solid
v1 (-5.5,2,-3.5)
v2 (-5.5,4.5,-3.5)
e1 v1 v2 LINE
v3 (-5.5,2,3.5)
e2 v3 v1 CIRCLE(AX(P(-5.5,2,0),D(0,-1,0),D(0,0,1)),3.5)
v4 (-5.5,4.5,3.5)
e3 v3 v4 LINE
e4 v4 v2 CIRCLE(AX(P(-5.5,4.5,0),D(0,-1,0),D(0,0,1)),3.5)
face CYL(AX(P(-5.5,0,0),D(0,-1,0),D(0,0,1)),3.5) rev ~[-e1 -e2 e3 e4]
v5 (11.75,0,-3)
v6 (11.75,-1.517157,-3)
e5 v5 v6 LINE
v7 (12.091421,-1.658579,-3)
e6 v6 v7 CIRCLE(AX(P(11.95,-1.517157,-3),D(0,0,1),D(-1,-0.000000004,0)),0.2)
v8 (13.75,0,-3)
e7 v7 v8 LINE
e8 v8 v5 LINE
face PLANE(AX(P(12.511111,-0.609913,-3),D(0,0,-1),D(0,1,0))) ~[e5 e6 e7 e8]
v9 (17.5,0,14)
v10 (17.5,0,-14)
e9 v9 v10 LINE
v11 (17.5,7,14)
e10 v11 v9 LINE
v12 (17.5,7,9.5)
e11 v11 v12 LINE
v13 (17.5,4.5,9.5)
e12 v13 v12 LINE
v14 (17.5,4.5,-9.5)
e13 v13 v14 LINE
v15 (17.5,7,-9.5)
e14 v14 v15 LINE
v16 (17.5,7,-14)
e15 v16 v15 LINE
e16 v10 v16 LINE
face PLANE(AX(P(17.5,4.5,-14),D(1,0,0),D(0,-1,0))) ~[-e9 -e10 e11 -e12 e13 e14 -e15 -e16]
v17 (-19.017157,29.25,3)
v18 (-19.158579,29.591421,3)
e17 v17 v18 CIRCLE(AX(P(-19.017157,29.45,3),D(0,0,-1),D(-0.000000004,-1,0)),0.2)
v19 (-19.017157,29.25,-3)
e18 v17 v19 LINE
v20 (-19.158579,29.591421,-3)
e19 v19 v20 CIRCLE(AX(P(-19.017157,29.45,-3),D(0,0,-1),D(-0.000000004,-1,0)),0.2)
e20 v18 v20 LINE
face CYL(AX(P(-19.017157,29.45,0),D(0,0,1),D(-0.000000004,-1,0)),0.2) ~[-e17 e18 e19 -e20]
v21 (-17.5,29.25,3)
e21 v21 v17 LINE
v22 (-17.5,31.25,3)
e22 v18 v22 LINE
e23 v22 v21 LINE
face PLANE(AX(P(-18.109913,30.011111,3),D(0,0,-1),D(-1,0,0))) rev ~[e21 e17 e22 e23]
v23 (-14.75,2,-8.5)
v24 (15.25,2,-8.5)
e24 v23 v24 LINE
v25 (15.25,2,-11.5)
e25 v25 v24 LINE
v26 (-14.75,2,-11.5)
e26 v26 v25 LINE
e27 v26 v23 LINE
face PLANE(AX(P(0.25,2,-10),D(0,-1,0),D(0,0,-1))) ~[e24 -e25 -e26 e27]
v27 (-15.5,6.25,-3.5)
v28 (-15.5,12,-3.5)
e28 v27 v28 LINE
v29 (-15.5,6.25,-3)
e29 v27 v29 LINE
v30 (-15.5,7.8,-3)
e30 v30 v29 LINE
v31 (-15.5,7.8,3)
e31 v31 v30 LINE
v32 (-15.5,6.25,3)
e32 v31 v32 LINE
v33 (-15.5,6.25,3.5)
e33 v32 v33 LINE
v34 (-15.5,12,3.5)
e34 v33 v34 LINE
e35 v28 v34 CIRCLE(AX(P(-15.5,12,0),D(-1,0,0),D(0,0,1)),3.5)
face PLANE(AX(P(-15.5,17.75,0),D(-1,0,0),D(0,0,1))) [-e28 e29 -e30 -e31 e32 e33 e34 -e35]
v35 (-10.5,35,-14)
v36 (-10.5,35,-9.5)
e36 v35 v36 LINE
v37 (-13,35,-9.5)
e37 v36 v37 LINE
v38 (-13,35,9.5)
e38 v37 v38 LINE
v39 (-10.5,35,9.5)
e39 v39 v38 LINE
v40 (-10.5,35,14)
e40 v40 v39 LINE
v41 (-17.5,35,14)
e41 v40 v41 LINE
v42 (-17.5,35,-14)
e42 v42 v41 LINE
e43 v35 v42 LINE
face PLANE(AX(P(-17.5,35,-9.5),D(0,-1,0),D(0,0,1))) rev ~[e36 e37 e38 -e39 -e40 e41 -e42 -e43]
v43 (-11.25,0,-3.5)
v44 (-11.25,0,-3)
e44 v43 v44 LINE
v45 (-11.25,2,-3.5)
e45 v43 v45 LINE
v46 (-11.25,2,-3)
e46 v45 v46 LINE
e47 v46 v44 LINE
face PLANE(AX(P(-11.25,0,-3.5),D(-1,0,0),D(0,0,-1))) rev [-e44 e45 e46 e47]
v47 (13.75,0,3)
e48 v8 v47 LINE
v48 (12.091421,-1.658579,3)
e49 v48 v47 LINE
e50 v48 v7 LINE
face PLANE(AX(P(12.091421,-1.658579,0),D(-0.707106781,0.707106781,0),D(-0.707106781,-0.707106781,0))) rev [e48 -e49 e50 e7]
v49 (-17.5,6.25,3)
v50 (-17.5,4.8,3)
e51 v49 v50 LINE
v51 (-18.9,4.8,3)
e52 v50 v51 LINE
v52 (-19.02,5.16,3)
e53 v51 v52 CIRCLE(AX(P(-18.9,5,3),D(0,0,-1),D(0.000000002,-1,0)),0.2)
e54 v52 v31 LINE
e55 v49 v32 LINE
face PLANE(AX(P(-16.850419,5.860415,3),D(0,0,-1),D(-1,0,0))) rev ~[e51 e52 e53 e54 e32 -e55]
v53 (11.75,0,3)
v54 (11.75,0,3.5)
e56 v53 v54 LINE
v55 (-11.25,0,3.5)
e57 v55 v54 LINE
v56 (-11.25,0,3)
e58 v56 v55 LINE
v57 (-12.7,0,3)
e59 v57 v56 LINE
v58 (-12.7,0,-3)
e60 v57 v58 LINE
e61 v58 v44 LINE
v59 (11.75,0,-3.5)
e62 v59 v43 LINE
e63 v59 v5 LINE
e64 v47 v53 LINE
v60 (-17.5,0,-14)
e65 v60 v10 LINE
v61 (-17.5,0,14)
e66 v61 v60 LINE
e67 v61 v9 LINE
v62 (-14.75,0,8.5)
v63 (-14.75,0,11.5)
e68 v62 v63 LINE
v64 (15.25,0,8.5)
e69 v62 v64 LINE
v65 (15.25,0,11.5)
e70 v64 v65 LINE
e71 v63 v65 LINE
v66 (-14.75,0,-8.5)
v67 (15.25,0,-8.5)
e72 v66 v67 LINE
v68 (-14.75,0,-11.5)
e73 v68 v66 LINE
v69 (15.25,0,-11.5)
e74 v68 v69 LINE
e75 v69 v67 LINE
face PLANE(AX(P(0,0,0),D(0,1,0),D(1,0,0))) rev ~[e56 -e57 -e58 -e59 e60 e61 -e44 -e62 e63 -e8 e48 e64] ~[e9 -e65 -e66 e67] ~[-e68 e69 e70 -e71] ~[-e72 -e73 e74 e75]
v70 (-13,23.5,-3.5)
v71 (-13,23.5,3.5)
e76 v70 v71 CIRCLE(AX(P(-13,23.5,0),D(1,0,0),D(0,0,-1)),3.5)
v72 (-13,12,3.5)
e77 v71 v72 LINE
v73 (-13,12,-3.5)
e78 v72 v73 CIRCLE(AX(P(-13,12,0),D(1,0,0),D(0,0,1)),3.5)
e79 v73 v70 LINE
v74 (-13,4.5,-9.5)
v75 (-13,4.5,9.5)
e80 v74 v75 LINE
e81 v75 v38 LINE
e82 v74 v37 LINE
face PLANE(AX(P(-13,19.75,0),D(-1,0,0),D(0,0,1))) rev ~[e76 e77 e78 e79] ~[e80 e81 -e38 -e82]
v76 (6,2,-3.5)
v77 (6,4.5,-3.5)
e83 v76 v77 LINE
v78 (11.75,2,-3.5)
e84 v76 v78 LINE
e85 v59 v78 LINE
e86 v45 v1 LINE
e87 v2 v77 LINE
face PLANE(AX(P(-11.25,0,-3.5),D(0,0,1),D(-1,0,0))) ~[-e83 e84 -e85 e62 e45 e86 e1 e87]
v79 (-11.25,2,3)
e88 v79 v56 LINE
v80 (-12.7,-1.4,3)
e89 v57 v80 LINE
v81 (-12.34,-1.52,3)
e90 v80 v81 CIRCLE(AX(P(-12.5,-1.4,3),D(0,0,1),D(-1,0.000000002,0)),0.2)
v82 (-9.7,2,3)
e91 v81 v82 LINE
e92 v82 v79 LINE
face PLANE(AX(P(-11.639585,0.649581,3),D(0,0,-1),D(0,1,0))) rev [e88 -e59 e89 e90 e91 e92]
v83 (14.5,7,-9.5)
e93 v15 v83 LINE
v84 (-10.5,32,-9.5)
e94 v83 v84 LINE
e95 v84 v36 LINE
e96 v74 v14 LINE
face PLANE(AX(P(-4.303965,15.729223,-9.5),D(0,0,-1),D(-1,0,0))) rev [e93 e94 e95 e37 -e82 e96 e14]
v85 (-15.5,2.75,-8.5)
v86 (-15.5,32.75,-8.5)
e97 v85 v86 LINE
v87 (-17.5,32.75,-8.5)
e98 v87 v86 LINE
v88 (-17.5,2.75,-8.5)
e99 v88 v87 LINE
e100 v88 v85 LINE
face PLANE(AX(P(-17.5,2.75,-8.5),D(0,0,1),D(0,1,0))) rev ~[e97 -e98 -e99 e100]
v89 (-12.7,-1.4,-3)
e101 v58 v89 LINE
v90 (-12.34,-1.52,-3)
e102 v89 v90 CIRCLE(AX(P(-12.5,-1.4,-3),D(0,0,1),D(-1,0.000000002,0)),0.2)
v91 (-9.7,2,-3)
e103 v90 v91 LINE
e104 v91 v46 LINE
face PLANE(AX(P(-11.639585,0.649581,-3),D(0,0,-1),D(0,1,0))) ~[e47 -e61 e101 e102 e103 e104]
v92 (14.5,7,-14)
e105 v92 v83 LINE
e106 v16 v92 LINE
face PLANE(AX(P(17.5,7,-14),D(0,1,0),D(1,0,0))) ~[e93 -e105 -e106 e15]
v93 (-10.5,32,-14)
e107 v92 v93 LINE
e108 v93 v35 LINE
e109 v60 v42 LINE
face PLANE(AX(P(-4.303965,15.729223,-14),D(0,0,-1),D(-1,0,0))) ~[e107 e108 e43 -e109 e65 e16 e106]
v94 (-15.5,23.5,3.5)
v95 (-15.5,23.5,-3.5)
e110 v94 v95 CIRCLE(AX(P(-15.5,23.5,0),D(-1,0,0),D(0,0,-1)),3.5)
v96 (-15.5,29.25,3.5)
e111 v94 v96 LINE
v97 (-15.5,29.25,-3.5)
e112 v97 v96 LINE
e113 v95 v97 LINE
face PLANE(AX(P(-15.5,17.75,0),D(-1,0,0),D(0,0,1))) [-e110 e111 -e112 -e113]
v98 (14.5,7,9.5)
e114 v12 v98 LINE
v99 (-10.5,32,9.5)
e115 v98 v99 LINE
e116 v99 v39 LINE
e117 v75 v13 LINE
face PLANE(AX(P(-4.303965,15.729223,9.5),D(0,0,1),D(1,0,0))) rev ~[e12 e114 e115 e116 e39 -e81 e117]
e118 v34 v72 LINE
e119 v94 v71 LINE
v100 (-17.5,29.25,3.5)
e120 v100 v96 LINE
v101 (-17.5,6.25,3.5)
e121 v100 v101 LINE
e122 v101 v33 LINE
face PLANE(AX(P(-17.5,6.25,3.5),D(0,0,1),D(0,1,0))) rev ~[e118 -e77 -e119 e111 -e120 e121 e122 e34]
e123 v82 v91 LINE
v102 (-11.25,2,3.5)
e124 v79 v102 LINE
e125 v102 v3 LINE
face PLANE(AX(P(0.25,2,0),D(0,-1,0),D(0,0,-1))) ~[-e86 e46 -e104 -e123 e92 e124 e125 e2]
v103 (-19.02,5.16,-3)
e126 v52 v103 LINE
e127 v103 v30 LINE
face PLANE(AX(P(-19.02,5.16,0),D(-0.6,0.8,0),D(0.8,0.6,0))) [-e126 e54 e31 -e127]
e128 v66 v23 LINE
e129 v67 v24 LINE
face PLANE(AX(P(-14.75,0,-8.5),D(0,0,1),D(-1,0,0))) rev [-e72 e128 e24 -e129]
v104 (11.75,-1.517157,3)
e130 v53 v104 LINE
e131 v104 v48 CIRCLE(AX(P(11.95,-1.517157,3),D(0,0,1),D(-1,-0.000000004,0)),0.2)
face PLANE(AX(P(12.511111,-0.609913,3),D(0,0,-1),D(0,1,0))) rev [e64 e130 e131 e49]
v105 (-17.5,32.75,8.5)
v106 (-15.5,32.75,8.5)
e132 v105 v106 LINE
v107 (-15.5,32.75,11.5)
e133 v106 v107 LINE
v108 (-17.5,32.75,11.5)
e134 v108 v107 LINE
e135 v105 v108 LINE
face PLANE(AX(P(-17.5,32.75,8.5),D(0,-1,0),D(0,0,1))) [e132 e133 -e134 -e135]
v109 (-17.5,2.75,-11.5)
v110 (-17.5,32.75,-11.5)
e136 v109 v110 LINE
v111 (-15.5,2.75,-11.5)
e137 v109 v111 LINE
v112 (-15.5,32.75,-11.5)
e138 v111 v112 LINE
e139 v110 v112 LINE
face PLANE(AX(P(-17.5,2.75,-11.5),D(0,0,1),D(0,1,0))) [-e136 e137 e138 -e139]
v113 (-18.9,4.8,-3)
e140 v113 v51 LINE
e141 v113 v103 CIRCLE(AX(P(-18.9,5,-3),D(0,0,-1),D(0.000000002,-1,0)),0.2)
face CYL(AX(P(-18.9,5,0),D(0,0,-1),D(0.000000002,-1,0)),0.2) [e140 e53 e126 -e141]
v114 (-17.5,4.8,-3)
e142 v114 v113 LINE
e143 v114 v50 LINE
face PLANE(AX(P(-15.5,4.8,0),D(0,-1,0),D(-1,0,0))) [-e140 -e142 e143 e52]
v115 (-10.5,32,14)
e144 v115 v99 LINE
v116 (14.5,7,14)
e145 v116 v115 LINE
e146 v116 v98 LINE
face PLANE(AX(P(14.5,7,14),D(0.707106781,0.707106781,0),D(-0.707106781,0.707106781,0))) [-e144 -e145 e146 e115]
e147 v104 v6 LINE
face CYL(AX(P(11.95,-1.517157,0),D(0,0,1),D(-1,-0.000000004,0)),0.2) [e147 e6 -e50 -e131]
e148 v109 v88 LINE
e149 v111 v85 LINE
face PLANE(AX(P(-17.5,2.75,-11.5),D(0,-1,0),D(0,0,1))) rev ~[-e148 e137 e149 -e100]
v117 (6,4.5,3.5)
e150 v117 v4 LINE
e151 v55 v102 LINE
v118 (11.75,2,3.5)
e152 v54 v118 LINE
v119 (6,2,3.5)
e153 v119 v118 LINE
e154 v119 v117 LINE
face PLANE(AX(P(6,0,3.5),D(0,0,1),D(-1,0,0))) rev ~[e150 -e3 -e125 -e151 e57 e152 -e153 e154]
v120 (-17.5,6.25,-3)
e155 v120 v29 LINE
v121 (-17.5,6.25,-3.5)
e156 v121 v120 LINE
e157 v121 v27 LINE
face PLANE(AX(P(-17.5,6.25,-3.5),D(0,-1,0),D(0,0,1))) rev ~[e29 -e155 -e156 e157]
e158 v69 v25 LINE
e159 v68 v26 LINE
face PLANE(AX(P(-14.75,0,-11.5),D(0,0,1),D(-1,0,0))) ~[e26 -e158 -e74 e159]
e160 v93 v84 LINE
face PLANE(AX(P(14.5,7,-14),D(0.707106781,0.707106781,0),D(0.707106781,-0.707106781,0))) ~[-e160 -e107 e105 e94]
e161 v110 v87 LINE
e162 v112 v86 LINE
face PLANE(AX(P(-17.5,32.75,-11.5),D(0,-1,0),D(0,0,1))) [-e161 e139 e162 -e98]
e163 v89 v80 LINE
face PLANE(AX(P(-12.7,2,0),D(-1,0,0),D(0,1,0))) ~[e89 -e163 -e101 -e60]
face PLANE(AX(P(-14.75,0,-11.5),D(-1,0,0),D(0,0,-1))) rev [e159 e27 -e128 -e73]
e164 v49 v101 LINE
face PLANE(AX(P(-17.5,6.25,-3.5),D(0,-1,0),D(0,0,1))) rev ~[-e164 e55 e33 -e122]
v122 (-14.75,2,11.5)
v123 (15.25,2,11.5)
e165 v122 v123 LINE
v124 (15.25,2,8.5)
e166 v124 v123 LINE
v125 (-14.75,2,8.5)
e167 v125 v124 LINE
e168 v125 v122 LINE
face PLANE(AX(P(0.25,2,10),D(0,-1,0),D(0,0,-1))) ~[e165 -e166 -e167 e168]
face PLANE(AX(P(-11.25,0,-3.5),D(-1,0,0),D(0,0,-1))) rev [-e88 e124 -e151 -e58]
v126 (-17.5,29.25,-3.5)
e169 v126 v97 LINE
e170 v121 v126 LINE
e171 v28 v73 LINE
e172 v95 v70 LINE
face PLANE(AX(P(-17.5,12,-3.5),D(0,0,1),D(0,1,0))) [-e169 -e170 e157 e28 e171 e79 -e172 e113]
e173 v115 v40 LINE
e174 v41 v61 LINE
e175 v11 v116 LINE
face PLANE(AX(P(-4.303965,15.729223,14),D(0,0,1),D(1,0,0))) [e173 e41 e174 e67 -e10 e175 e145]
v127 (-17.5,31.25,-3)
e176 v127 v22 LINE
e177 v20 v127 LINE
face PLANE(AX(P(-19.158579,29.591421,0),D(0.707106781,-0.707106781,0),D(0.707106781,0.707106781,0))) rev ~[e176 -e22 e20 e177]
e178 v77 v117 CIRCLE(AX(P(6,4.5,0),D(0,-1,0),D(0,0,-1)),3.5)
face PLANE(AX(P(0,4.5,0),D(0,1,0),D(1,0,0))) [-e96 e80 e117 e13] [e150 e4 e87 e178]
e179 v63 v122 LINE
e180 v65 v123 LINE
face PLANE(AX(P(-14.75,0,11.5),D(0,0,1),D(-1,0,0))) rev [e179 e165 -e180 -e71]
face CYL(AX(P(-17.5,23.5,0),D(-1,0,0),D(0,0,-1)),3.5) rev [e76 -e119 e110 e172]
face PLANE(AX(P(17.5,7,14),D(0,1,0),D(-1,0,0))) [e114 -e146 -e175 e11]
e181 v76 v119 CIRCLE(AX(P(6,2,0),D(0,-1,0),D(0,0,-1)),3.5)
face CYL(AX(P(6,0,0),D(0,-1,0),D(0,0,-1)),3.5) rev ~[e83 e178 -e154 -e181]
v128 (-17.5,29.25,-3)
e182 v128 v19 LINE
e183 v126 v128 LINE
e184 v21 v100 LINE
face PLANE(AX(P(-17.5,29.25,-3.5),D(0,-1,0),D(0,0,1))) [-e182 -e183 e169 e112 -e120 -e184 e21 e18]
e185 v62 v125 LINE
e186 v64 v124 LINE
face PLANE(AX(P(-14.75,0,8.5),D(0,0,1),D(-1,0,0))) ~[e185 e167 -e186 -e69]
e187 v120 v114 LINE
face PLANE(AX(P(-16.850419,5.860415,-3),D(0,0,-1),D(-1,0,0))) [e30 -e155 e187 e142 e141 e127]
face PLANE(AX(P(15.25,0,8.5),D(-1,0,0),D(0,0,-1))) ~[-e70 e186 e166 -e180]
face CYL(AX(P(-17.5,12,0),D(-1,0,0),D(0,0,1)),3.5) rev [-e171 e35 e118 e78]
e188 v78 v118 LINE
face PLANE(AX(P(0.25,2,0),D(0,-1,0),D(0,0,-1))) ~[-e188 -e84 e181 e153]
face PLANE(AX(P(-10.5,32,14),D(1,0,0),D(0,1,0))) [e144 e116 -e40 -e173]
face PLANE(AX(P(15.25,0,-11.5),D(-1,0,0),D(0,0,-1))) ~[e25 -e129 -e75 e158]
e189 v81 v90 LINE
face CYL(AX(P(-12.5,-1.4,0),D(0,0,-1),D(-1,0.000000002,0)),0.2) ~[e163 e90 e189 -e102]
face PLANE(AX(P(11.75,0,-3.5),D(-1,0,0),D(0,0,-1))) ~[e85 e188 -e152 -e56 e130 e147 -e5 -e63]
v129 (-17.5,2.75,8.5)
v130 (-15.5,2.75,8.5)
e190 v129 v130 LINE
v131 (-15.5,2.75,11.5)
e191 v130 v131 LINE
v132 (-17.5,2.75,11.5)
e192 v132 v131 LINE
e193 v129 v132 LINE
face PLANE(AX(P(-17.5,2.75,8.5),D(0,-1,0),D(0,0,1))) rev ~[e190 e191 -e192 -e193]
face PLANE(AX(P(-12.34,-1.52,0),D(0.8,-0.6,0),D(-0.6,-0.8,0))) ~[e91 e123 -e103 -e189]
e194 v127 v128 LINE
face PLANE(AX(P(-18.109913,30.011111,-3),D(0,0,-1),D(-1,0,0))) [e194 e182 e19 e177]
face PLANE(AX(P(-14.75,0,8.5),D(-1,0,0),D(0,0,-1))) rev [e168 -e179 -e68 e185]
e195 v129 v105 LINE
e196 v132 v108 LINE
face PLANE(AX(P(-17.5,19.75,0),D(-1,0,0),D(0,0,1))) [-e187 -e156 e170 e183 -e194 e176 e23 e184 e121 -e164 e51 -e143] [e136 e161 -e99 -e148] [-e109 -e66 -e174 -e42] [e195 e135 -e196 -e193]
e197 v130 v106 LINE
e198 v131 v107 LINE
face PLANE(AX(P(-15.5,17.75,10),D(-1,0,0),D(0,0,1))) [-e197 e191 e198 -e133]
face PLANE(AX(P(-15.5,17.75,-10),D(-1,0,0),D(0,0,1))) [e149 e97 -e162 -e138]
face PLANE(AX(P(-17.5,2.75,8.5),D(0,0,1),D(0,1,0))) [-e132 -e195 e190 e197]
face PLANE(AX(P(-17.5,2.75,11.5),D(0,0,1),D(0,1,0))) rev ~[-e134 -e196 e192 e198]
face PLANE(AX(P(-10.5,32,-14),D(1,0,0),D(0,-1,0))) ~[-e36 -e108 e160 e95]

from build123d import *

# Parameters (mm, degrees)
SKETCH1_W           = 35
SKETCH1_H           = 28
BOSS_EXTRUDE1_DEPTH = 4.5
BOSS_EXTRUDE2_DEPTH = 4.5
SKETCH3_W           = 19
SKETCH3_H           = 30.5
BOSS_EXTRUDE3_DEPTH = 4.5
CUT_EXTRUDE1_DEPTH  = 4.5
SKETCH5_W           = 7
SKETCH5_H           = 23
SKETCH5_W_2         = 3
SKETCH5_H_2         = 30
CUT_EXTRUDE2_DEPTH  = 2
BOSS_EXTRUDE4_DEPTH = 3


with BuildPart() as part:
    # Sketch1 → Boss-Extrude1 (new body)
    with BuildSketch(Plane(origin=(0, 0, 0), x_dir=(1, 0, 0), z_dir=(0, 1, 0))):
        Rectangle(SKETCH1_W, SKETCH1_H)
        with BuildLine():
            Line((-5.5, 3.5), (6, 3.5))
            ThreePointArc((6, 3.5), (9.5, 0), (6, -3.5))
            Line((6, -3.5), (-5.5, -3.5))
            ThreePointArc((-5.5, -3.5), (-9, 0), (-5.5, 3.5))
        make_face(mode=Mode.SUBTRACT)
    extrude(amount=BOSS_EXTRUDE1_DEPTH)

    # Sketch2 → Boss-Extrude2 (add)
    with BuildSketch(Plane.XY.offset(14)):
        Polygon((17.5, 4.5), (17.5, 7), (14.5, 7), (-10.5, 32), (-10.5, 35), (-17.5, 35), (-17.5, 4.5), align=None)
    boss_extrude2 = extrude(amount=-BOSS_EXTRUDE2_DEPTH)

    # Mirror1: Boss-Extrude2 across plane
    add(boss_extrude2.mirror(Plane.XY))

    # Sketch3 → Boss-Extrude3 (add)
    with BuildSketch(Plane.ZY.offset(17.5)):
        with Locations((0, 19.75)):
            Rectangle(SKETCH3_W, SKETCH3_H)
    extrude(amount=-BOSS_EXTRUDE3_DEPTH)

    # Sketch4 → Cut-Extrude1 (cut)
    with BuildSketch(Plane.ZY.offset(17.5)):
        with BuildLine():
            Line((3.5, 23.5), (3.5, 12))
            ThreePointArc((3.5, 12), (0, 8.5), (-3.5, 12))
            Line((-3.5, 12), (-3.5, 23.5))
            ThreePointArc((-3.5, 23.5), (0, 27), (3.5, 23.5))
        make_face()
    cut_extrude1 = extrude(amount=-CUT_EXTRUDE1_DEPTH, mode=Mode.SUBTRACT)

    # Sketch5 → Cut-Extrude2 (cut)
    with BuildSketch(Plane.ZY.offset(17.5)):
        with Locations((0, 17.75)):
            Rectangle(SKETCH5_W, SKETCH5_H)
        with Locations((-10, 17.75)):
            Rectangle(SKETCH5_W_2, SKETCH5_H_2)
        with Locations((10, 17.75)):
            Rectangle(SKETCH5_W_2, SKETCH5_H_2)
    cut_extrude2 = extrude(amount=-CUT_EXTRUDE2_DEPTH, mode=Mode.SUBTRACT)

    # Sketch6 → Boss-Extrude4 (add, symmetric)
    with BuildSketch(Plane.XY):
        with BuildLine():
            Line((-17.5, 4.8), (-18.9, 4.8))
            ThreePointArc((-18.9, 4.8), (-19.08973666, 4.936754447), (-19.02, 5.16))
            Line((-19.02, 5.16), (-15.5, 7.8))
            Line((-15.5, 7.8), (-15.5, 4.8))
            Line((-15.5, 4.8), (-17.5, 4.8))
        make_face()
        with BuildLine():
            Line((-17.5, 29.25), (-19.017157288, 29.25))
            ThreePointArc((-19.017157288, 29.25), (-19.201933194, 29.373463314), (-19.158578644, 29.591421356))
            Line((-19.158578644, 29.591421356), (-17.5, 31.25))
            Line((-17.5, 31.25), (-17.5, 29.25))
        make_face()
    boss_extrude4 = extrude(amount=BOSS_EXTRUDE4_DEPTH, both=True)

    # Mirror2: Cut-Extrude1, Cut-Extrude2, Boss-Extrude4 across plane
    add(cut_extrude1.mirror(Plane(origin=(-8.75, 8.75, 0), x_dir=(0, 0, 1), z_dir=(-0.7071067811865475, 0.7071067811865477, 0))), mode=Mode.SUBTRACT)
    add(cut_extrude2.mirror(Plane(origin=(-8.75, 8.75, 0), x_dir=(0, 0, 1), z_dir=(-0.7071067811865475, 0.7071067811865477, 0))), mode=Mode.SUBTRACT)
    add(boss_extrude4.mirror(Plane(origin=(-8.75, 8.75, 0), x_dir=(0, 0, 1), z_dir=(-0.7071067811865475, 0.7071067811865477, 0))))


solid = part.part
